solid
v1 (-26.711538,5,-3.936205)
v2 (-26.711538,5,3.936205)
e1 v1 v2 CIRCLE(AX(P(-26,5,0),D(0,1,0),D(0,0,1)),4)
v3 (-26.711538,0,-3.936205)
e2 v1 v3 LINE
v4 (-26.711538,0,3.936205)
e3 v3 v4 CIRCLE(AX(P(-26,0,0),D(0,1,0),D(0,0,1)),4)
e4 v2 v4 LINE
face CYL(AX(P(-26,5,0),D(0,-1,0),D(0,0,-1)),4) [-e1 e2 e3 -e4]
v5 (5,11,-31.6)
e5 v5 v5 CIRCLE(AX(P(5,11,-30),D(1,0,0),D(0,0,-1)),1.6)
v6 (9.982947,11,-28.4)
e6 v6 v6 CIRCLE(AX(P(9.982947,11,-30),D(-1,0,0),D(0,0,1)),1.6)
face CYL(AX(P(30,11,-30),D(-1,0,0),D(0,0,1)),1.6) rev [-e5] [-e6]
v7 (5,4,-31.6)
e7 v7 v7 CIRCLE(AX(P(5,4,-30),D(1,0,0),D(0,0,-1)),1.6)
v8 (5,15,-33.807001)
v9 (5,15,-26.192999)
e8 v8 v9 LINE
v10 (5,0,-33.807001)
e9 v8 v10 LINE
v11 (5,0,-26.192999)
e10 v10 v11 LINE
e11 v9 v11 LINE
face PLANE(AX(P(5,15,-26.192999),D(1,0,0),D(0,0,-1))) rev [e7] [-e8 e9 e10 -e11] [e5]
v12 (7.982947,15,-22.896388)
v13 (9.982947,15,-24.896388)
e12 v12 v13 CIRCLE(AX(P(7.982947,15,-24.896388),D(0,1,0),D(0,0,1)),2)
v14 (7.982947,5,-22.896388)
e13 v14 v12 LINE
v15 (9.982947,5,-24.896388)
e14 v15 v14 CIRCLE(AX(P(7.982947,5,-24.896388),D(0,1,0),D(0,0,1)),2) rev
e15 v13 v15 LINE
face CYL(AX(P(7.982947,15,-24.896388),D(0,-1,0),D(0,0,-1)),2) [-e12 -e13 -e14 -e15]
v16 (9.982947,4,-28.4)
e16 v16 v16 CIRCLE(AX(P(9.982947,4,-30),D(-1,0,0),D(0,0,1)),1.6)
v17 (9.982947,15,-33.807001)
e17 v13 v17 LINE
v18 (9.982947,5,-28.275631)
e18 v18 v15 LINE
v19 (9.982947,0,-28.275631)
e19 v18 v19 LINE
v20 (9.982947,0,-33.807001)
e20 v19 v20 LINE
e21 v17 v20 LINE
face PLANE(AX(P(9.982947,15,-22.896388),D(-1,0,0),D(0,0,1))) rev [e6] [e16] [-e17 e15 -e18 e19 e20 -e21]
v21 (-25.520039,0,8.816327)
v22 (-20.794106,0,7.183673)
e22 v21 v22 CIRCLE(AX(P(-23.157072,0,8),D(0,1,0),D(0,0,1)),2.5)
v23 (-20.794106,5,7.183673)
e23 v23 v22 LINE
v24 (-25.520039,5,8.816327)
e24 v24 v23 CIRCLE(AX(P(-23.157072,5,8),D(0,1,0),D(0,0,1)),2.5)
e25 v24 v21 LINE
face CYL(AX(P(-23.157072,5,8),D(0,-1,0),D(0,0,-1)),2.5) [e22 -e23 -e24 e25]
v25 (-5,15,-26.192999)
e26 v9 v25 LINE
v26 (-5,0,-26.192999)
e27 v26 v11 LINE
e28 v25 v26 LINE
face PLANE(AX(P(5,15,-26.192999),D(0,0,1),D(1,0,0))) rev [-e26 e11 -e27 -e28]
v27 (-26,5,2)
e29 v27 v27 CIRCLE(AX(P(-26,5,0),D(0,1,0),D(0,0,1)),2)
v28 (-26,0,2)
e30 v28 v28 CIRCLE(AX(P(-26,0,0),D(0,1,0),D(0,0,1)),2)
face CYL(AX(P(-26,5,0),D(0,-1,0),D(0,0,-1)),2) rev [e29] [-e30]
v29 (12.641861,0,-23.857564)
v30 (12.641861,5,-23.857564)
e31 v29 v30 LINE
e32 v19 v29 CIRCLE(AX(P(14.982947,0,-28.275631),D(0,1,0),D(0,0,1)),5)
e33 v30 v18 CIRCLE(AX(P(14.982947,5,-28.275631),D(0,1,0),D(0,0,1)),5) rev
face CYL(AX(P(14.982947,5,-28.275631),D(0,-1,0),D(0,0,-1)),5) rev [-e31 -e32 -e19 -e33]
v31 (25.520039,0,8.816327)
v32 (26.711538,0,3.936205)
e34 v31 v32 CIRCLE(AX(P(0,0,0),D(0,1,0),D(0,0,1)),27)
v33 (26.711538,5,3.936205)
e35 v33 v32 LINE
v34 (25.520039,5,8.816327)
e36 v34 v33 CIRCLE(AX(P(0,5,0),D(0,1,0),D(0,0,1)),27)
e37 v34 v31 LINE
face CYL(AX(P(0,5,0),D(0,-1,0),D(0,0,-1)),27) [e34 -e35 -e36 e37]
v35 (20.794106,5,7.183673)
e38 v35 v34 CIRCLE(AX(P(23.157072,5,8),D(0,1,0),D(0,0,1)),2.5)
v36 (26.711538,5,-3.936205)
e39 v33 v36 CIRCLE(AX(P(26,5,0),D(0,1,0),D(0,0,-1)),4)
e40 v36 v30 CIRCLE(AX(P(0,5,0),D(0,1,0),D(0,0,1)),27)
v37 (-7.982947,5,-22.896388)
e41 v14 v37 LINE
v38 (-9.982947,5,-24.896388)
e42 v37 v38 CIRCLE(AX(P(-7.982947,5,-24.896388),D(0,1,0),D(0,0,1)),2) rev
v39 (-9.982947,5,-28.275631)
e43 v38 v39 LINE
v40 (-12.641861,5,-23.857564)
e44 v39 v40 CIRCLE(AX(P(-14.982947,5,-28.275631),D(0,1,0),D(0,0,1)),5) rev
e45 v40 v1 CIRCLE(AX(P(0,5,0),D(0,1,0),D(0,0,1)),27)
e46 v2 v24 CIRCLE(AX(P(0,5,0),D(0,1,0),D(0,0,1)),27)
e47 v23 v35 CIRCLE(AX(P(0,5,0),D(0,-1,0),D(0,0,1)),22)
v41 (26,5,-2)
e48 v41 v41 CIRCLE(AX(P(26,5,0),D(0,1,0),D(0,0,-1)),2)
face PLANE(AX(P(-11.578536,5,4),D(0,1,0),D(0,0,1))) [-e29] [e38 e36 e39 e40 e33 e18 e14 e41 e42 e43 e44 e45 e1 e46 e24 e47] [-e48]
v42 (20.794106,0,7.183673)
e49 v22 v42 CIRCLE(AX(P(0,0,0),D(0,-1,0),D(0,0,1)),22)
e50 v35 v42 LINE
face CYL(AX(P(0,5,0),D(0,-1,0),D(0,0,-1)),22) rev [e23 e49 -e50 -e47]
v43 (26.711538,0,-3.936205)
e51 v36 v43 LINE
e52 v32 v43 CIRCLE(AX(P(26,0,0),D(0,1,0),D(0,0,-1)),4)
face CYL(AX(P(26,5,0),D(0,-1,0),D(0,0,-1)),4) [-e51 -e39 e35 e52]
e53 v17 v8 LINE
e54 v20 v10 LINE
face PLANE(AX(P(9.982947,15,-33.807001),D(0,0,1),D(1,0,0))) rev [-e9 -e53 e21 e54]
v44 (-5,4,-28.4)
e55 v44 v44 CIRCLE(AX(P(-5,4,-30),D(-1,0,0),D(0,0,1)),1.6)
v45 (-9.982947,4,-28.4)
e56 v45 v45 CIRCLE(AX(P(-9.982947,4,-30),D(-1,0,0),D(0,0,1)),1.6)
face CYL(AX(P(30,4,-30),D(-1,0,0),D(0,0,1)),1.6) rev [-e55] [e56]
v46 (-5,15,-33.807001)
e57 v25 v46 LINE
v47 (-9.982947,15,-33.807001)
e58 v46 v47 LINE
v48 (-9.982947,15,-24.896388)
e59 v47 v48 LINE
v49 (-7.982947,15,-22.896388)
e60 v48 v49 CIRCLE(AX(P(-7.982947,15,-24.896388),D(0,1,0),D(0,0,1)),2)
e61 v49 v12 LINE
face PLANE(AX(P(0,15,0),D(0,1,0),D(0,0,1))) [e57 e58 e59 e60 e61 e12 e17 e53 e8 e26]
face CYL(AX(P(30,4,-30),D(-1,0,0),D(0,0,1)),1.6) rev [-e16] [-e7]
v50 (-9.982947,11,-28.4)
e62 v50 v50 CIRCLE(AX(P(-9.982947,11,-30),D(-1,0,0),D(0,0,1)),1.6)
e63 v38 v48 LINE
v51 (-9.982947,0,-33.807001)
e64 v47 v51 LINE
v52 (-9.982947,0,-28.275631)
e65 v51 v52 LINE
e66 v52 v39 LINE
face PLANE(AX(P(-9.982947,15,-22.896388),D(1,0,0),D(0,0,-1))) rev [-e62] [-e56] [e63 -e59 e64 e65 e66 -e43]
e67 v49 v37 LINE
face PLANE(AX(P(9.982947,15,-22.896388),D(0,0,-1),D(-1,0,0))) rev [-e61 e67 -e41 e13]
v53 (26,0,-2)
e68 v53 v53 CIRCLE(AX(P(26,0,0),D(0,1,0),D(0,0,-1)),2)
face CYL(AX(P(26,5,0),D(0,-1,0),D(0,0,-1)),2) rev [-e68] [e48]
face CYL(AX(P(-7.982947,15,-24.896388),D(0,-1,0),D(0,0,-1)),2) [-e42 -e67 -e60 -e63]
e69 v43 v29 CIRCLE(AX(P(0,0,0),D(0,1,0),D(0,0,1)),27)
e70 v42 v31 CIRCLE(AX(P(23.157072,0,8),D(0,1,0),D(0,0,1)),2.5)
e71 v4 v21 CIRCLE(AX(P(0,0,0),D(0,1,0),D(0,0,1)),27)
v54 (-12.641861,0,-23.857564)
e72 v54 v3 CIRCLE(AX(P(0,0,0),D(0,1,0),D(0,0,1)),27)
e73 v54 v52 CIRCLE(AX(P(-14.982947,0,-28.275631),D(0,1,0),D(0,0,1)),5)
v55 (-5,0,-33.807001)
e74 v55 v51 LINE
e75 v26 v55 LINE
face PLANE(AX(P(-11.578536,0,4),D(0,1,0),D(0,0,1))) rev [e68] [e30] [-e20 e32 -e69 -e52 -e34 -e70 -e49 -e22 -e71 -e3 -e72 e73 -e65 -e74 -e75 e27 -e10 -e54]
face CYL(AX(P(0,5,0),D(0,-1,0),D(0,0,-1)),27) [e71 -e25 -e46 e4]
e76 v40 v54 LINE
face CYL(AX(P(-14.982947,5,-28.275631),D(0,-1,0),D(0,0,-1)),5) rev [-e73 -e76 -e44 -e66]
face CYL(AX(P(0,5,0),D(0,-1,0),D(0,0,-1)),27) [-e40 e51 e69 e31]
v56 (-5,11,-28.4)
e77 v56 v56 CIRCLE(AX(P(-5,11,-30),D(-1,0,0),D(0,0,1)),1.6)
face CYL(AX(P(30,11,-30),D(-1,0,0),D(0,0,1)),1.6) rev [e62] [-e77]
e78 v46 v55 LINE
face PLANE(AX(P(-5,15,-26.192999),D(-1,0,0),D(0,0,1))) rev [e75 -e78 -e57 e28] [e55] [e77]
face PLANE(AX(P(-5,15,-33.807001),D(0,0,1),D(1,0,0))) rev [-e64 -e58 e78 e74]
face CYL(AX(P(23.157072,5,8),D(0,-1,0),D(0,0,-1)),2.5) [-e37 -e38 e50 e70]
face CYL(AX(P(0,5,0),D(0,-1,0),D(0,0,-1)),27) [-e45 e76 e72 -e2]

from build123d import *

# Parameters (mm, degrees)
SKETCH_1_R          = 2
EXTRUDE_1_DEPTH     = 5
EXTRUDE_2_DEPTH     = 15
SKETCH_5_W          = 10
SKETCH_5_H          = 7.614001554
CUT_EXTRUDE_2_DEPTH = 6
SKETCH_4_R          = 1.6
CUT_EXTRUDE_1_DEPTH = 40.982946782
FILLET_2_R          = 5
FILLET_3_R          = 2


with BuildPart() as part:
    # 草图1 → 凸台-拉伸1 (new body)
    with BuildSketch(Plane(origin=(0, 0, 0), x_dir=(1, 0, 0), z_dir=(0, 1, 0))):
        with BuildLine():
            ThreePointArc((20.794105787, -7.183673469), (0, 22), (-20.794105787, -7.183673469))
            ThreePointArc((-20.794105787, -7.183673469), (-22.340745823, -10.362966567), (-25.520038921, -8.816326531))
            ThreePointArc((-25.520038921, -8.816326531), (-26.229531343, -6.404036657), (-26.711538462, -3.936205408))
            ThreePointArc((-26.711538462, -3.936205408), (-30, 0), (-26.711538462, 3.936205408))
            ThreePointArc((-26.711538462, 3.936205408), (0, 27), (26.711538462, 3.936205408))
            ThreePointArc((26.711538462, 3.936205408), (30, 0), (26.711538462, -3.936205408))
            ThreePointArc((26.711538462, -3.936205408), (26.229531343, -6.404036657), (25.520038921, -8.816326531))
            ThreePointArc((25.520038921, -8.816326531), (22.340745823, -10.362966567), (20.794105787, -7.183673469))
        make_face()
        with Locations((-26, 0)):
            Circle(SKETCH_1_R, mode=Mode.SUBTRACT)
        with Locations((26, 0)):
            Circle(SKETCH_1_R, mode=Mode.SUBTRACT)
    extrude(amount=EXTRUDE_1_DEPTH)

    # 草图3 → 凸台-拉伸2 (add)
    with BuildSketch(Plane(origin=(0, 0, 0), x_dir=(1, 0, 0), z_dir=(0, 1, 0))):
        Polygon((-5, 33.807000777), (-9.982946782, 33.807000777), (-9.982946782, 22.896387671), (9.982946782, 22.896387671), (9.982946782, 33.807000777), (5, 33.807000777), (5, 26.192999223), (-5, 26.192999223), align=None)
    extrude(amount=EXTRUDE_2_DEPTH)

    # 草图5 → 切除-拉伸2 (cut, through all)
    with BuildSketch(Plane(origin=(0, 5, 0), x_dir=(1, 0, 0), z_dir=(0, 1, 0))):
        with Locations((0, 30)):
            Rectangle(SKETCH_5_W, SKETCH_5_H)
    extrude(amount=-CUT_EXTRUDE_2_DEPTH, mode=Mode.SUBTRACT)

    # 草图4 → 切除-拉伸1 (cut, through all)
    with BuildSketch(Plane.ZY.offset(9.982946782)):
        with Locations((-30, 4)):
            Circle(SKETCH_4_R)
        with Locations((-30, 11)):
            Circle(SKETCH_4_R)
    extrude(amount=-CUT_EXTRUDE_1_DEPTH, mode=Mode.SUBTRACT)

    # 圆角2
    fillet_2_edges = [part.edges().sort_by_distance(p)[0] for p in [
        (9.982946782, 2.5, -25.086665254),
        (-9.982946782, 2.5, -25.086665254),
    ]]
    fillet(fillet_2_edges, radius=FILLET_2_R)

    # 圆角3
    fillet_3_edges = [part.edges().sort_by_distance(p)[0] for p in [
        (-9.982946782, 10, -22.896387671),
        (9.982946782, 10, -22.896387671),
    ]]
    fillet(fillet_3_edges, radius=FILLET_3_R)


solid = part.part
